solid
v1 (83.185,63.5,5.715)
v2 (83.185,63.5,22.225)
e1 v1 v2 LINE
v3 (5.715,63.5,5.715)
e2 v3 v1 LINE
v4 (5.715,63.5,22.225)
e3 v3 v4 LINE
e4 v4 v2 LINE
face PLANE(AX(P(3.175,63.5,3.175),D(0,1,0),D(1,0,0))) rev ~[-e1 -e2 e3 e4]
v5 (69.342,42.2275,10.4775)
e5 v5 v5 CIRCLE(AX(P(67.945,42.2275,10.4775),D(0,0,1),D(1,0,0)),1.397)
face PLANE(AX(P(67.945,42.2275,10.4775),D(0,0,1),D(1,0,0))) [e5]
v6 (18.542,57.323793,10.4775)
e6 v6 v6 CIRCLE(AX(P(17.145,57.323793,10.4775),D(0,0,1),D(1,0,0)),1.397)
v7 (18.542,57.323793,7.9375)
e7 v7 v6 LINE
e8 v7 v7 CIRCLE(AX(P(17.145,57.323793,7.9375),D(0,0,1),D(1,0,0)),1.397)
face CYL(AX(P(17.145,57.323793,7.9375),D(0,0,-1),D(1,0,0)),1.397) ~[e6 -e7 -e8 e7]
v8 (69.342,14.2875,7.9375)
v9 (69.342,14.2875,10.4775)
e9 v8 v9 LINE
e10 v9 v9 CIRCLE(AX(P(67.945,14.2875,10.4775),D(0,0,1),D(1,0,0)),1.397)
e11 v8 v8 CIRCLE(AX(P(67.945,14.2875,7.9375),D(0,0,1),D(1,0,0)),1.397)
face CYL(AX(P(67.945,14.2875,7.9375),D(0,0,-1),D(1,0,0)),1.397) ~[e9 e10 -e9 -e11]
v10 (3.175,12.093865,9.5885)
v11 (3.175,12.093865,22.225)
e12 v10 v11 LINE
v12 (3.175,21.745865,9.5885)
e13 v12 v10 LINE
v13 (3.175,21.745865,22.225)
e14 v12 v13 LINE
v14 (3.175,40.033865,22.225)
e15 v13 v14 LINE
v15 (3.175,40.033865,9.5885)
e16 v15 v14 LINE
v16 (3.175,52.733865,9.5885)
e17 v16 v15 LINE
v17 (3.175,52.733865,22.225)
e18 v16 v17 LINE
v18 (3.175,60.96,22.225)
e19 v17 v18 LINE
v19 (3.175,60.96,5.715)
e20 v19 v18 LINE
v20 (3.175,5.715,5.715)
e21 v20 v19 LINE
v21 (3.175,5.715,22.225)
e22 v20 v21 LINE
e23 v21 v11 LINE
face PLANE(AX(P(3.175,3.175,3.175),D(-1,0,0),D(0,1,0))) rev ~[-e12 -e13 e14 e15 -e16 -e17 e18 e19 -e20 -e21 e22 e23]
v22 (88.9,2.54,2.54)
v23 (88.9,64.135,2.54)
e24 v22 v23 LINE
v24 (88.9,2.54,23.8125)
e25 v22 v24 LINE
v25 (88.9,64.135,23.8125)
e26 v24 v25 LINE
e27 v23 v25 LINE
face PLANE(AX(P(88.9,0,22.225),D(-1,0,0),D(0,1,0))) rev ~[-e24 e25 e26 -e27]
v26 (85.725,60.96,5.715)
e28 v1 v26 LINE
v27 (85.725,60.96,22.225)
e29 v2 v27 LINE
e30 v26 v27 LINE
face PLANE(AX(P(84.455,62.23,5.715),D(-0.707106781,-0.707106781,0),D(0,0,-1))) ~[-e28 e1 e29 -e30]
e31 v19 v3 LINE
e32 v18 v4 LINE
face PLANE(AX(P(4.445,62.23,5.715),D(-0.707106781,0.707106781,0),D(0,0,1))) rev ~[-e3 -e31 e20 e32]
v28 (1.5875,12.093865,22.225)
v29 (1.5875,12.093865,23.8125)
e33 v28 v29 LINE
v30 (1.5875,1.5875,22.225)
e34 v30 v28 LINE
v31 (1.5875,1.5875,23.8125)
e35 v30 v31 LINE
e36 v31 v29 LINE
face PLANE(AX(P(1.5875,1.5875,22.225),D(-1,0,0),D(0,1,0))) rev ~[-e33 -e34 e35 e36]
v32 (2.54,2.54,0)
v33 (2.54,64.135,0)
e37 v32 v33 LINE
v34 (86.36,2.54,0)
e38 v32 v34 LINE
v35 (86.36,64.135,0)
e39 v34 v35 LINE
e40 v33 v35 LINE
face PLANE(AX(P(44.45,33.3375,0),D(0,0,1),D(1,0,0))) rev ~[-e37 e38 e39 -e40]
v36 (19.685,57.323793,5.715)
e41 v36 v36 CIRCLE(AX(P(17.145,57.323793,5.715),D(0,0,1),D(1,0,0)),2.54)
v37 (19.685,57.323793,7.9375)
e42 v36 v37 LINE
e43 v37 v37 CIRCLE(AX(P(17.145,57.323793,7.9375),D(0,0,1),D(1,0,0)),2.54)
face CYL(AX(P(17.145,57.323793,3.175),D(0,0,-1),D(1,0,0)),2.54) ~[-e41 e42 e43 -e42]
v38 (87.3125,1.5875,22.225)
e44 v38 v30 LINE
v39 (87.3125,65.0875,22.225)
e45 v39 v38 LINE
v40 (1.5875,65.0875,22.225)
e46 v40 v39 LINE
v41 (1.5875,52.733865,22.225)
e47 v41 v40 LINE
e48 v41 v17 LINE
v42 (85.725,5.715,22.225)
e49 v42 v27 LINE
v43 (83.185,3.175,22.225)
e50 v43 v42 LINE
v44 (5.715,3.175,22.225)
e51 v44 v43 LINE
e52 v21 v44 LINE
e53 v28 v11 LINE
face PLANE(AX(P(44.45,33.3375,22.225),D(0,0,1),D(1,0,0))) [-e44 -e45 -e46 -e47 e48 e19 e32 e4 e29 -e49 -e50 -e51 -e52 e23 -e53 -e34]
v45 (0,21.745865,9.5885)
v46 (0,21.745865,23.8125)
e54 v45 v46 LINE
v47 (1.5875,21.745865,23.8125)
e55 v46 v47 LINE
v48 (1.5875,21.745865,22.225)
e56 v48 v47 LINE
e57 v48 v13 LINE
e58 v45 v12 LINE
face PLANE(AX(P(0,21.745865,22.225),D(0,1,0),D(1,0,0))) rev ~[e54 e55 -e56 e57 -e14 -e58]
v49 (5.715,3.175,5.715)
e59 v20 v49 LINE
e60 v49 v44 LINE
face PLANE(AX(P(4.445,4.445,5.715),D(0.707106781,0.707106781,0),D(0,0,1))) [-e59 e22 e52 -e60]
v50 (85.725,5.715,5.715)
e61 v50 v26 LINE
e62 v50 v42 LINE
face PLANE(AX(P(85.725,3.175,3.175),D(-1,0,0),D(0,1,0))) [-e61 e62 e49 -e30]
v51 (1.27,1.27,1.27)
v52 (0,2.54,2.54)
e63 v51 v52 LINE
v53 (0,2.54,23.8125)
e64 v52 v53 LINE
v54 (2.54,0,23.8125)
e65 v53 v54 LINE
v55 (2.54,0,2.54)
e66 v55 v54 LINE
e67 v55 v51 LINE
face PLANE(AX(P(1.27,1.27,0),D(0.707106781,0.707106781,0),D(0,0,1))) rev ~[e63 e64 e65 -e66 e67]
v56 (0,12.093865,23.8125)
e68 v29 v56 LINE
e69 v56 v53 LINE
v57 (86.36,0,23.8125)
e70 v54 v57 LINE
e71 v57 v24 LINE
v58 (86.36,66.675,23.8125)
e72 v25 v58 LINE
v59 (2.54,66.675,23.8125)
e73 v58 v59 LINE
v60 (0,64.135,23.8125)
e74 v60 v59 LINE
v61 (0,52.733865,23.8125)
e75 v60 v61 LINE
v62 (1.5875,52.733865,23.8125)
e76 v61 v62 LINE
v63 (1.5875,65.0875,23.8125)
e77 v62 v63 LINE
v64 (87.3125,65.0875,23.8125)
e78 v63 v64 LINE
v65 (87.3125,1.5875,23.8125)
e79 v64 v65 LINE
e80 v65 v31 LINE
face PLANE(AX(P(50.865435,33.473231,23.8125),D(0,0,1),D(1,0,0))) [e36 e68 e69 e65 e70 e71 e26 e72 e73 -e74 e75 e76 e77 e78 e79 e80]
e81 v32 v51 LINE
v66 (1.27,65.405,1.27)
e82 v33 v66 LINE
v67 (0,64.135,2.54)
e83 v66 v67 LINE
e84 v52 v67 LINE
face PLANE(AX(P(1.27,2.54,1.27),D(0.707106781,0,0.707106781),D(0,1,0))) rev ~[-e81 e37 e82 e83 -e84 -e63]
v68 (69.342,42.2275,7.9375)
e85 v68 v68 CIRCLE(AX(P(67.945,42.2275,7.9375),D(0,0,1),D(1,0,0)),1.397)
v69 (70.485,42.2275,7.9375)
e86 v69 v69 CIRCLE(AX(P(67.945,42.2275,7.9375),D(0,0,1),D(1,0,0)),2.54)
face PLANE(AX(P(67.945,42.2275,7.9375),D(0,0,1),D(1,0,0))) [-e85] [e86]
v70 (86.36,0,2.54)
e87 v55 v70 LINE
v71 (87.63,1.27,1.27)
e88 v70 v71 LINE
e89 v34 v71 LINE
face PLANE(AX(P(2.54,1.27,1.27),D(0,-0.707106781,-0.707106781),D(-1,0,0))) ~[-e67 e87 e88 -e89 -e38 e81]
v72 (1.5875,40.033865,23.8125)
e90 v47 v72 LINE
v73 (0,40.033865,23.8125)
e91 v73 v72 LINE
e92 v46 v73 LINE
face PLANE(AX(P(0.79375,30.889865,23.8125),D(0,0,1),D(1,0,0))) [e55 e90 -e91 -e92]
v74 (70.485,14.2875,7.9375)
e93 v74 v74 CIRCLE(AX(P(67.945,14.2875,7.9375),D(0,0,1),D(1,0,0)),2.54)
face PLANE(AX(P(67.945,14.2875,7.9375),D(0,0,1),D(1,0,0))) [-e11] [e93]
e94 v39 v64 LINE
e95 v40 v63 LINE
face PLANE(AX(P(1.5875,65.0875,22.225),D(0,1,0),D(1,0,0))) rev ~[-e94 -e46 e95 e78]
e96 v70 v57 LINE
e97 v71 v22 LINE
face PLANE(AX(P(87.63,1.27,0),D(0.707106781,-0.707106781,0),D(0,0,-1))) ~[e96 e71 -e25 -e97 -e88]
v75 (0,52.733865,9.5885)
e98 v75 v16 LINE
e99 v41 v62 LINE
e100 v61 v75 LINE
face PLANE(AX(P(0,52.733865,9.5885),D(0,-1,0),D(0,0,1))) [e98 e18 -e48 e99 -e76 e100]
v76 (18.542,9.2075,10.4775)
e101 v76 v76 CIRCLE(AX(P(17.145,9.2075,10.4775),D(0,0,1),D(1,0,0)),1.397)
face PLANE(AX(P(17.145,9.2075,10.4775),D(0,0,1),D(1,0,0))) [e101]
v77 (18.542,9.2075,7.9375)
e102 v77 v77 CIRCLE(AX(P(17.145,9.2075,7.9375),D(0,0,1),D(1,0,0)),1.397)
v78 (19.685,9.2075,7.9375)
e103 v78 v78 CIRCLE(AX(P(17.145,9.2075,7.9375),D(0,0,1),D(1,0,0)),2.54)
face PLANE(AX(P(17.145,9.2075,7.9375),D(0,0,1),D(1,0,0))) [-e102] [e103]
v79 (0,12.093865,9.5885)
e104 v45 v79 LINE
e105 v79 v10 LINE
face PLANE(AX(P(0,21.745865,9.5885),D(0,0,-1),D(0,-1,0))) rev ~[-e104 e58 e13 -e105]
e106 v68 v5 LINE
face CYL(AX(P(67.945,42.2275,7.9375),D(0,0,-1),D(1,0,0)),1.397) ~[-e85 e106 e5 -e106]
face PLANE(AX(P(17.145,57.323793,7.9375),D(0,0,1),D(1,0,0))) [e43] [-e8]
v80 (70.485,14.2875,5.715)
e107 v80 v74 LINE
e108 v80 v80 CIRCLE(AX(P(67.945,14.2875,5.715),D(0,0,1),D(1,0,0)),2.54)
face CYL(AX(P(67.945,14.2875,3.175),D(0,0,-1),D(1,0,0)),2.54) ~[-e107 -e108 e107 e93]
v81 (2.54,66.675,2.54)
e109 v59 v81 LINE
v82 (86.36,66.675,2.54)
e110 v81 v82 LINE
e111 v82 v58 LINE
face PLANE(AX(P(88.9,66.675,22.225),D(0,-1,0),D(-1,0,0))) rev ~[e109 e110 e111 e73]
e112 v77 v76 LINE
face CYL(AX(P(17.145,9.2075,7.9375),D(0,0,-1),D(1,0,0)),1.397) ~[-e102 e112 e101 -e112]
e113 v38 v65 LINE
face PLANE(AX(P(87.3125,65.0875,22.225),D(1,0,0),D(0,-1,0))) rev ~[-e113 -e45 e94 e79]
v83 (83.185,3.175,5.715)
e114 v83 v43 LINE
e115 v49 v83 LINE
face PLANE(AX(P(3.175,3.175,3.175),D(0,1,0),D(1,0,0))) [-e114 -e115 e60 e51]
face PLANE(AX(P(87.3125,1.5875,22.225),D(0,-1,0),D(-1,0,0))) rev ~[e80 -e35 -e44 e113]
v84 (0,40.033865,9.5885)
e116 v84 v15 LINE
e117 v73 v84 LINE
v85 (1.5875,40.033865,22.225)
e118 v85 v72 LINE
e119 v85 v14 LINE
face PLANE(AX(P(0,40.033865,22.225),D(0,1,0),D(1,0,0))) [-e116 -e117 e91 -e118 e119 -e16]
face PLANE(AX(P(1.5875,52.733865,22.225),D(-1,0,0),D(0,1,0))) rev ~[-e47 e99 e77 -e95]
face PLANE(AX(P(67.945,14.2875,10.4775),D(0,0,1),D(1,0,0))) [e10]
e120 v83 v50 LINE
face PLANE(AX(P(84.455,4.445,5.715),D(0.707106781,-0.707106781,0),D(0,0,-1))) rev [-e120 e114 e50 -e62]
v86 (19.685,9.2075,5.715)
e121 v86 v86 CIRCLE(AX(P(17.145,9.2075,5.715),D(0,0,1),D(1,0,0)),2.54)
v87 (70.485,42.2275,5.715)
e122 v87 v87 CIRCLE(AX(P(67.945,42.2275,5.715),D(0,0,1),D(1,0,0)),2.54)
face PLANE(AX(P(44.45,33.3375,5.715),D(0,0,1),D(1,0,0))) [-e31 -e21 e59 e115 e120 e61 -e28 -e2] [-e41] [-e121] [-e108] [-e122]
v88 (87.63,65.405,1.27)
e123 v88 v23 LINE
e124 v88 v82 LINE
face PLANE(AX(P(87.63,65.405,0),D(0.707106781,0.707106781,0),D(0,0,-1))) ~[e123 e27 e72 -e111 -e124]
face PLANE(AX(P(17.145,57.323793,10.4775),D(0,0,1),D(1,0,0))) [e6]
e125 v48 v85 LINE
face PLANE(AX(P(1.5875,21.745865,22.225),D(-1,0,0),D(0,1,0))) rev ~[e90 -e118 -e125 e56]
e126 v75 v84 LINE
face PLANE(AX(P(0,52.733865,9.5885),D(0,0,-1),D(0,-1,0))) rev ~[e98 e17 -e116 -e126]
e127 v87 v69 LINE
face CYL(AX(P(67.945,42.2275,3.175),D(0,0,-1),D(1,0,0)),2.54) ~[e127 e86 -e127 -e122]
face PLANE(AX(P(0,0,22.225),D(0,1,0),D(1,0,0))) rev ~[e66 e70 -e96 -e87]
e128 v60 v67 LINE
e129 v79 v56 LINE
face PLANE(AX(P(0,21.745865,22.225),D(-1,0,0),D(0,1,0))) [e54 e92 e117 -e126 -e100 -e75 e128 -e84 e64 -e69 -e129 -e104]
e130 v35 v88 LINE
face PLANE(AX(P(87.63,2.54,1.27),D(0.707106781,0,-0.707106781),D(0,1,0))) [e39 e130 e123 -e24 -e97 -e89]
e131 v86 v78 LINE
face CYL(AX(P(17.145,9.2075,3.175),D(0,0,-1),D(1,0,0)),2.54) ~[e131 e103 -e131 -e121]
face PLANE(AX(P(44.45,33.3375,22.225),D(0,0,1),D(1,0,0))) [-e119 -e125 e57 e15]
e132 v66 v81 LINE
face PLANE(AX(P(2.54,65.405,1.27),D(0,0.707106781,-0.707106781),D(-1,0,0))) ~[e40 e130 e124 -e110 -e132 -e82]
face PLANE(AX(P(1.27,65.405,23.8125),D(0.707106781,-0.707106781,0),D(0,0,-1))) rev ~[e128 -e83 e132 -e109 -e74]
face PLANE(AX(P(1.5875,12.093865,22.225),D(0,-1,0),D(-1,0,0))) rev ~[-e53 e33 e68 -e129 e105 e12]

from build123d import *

# Parameters (mm, degrees)
F0_W      = 88.9
F0_H      = 66.675
F1_DEPTH  = 3.175
F2_W      = 88.9
F2_H      = 66.675
F2_W_2    = 82.55
F2_H_2    = 60.325
F3_DEPTH  = 19.05
F4_R      = 2.54
F5_DEPTH  = 4.7625
F6_R      = 1.397
F1_FACE_W = 82.55
F1_FACE_H = 60.325
F1_FACE_R = 2.54
F10_DEPTH = 2.54
F7_R      = 1.397
F11_DEPTH = 2.54
F8_R      = 1.397
F12_DEPTH = 2.54
F9_R      = 1.397
F13_DEPTH = 2.54
F14_W     = 9.652
F14_H     = 12.6365
F15_DEPTH = 3.175
F14_W_2   = 12.7
F16_DEPTH = 3.175
F18_DEPTH = 1.5875
F19_W     = 1.5875000006
F19_H     = 18.288
F20_DEPTH = 1.5875
F21_SIZE  = 2.54
F22_SIZE  = 2.54
F23_SIZE  = 2.54


with BuildPart() as f1:
    # F0 (on Top) → F1 (new body)
    with BuildSketch(Plane.XY):
        with Locations((44.45, 33.3375)):
            Rectangle(F0_W, F0_H)
    extrude(amount=F1_DEPTH)

    # F2 (on face) → F3 (join)
    with BuildSketch(Plane.XY.offset(3.175)):
        with Locations((44.45, 33.3375)):
            Rectangle(F2_W, F2_H)
        with Locations((44.45, 33.3375)):
            Rectangle(F2_W_2, F2_H_2, mode=Mode.SUBTRACT)
    extrude(amount=F3_DEPTH)

    # F4 (on face) → F5 (join)
    with BuildSketch(Plane.XY.offset(3.175)):
        with Locations((17.145, 57.3237927139)):
            Circle(F4_R)
        with Locations((17.145, 9.2075)):
            Circle(F4_R)
        with Locations((67.945, 42.2275)):
            Circle(F4_R)
        with Locations((67.945, 14.2875)):
            Circle(F4_R)
    extrude(amount=F5_DEPTH)

    # F6 (on face) + F1_face (on face) → F10 (join)
    with BuildSketch(Plane.XY.offset(7.9375)):
        with Locations((17.145, 57.3237927139)):
            Circle(F6_R)
    with BuildSketch(Plane(origin=(44.45, 33.3375, 3.175), x_dir=(1, 0, 0), z_dir=(0, 0, 1))):
        Rectangle(F1_FACE_W, F1_FACE_H)
        with Locations((-27.305, -24.13)):
            Circle(F1_FACE_R, mode=Mode.SUBTRACT)
        with Locations((23.495, -19.05)):
            Circle(F1_FACE_R, mode=Mode.SUBTRACT)
        with Locations((-27.305, 23.9862927139)):
            Circle(F1_FACE_R, mode=Mode.SUBTRACT)
        with Locations((23.495, 8.89)):
            Circle(F1_FACE_R, mode=Mode.SUBTRACT)
    extrude(amount=F10_DEPTH)

    # F7 (on face) → F11 (join)
    with BuildSketch(Plane.XY.offset(7.9375)):
        with Locations((67.945, 42.2275)):
            Circle(F7_R)
    extrude(amount=F11_DEPTH)

    # F8 (on face) → F12 (join)
    with BuildSketch(Plane.XY.offset(7.9375)):
        with Locations((17.145, 9.2075)):
            Circle(F8_R)
    extrude(amount=F12_DEPTH)

    # F9 (on face) → F13 (join)
    with BuildSketch(Plane.XY.offset(7.9375)):
        with Locations((67.945, 14.2875)):
            Circle(F9_R)
    extrude(amount=F13_DEPTH)

    # F14 (on face) → F15 (cut, through all)
    with BuildSketch(Plane(origin=(0, 0, 0), x_dir=(0, -1, 0), z_dir=(-1, 0, 0))):
        with Locations((-16.9198646352, 15.90675)):
            Rectangle(F14_W, F14_H)
    extrude(amount=-F15_DEPTH, mode=Mode.SUBTRACT)

    # F14 (on face) → F16 (cut, through all)
    with BuildSketch(Plane(origin=(0, 0, 0), x_dir=(0, -1, 0), z_dir=(-1, 0, 0))):
        with Locations((-46.3838646352, 15.90675)):
            Rectangle(F14_W_2, F14_H)
    extrude(amount=-F16_DEPTH, mode=Mode.SUBTRACT)

    # F17 (on face) → F18 (join)
    with BuildSketch(Plane.XY.offset(22.225)):
        Polygon((87.3125, 1.5875), (1.5875, 1.5875), (1.5875, 12.0938646352), (0, 12.0938646352), (0, 0), (88.9, 0), (88.9, 66.675), (0, 66.675), (0, 52.7338646352), (1.5875, 52.7338646352), (1.5875, 65.0875), (87.3125, 65.0875), align=None)
    extrude(amount=F18_DEPTH)

    # F19 (on face) → F20 (join)
    with BuildSketch(Plane.XY.offset(22.225)):
        with Locations((0.7937500003, 30.8898646352)):
            Rectangle(F19_W, F19_H)
    extrude(amount=F20_DEPTH)

    # F21
    f21_edges = [f1.edges().sort_by_distance(p)[0] for p in [
        (88.9, 0, 11.90625),
        (0, 0, 11.90625),
        (88.9, 66.675, 11.90625),
        (0, 66.675, 11.90625),
    ]]
    chamfer(f21_edges, length=F21_SIZE)

    # F22
    f22_edges = [f1.edges().sort_by_distance(p)[0] for p in [
        (3.175, 63.5, 13.97),
        (85.725, 63.5, 13.97),
        (85.725, 3.175, 13.97),
        (3.175, 3.175, 13.97),
    ]]
    chamfer(f22_edges, length=F22_SIZE)

    # F23 (call 1 of 4: OpenCascade refuses the feature's edges together)
    f23_edges = [f1.edges().sort_by_distance(p)[0] for p in [
        (44.45, 0, 0),
    ]]
    chamfer(f23_edges, length=F23_SIZE)

    # F23#2 (call 2 of 4)
    f23_2_edges = [f1.edges().sort_by_distance(p)[0] for p in [
        (88.9, 33.3375, 0),
    ]]
    chamfer(f23_2_edges, length=F23_SIZE)

    # F23#3 (call 3 of 4)
    f23_3_edges = [f1.edges().sort_by_distance(p)[0] for p in [
        (44.45, 66.675, 0),
    ]]
    chamfer(f23_3_edges, length=F23_SIZE)

    # F23#4 (call 4 of 4)
    f23_4_edges = [f1.edges().sort_by_distance(p)[0] for p in [
        (0, 33.3375, 0),
    ]]
    chamfer(f23_4_edges, length=F23_SIZE)


solid = f1.part
